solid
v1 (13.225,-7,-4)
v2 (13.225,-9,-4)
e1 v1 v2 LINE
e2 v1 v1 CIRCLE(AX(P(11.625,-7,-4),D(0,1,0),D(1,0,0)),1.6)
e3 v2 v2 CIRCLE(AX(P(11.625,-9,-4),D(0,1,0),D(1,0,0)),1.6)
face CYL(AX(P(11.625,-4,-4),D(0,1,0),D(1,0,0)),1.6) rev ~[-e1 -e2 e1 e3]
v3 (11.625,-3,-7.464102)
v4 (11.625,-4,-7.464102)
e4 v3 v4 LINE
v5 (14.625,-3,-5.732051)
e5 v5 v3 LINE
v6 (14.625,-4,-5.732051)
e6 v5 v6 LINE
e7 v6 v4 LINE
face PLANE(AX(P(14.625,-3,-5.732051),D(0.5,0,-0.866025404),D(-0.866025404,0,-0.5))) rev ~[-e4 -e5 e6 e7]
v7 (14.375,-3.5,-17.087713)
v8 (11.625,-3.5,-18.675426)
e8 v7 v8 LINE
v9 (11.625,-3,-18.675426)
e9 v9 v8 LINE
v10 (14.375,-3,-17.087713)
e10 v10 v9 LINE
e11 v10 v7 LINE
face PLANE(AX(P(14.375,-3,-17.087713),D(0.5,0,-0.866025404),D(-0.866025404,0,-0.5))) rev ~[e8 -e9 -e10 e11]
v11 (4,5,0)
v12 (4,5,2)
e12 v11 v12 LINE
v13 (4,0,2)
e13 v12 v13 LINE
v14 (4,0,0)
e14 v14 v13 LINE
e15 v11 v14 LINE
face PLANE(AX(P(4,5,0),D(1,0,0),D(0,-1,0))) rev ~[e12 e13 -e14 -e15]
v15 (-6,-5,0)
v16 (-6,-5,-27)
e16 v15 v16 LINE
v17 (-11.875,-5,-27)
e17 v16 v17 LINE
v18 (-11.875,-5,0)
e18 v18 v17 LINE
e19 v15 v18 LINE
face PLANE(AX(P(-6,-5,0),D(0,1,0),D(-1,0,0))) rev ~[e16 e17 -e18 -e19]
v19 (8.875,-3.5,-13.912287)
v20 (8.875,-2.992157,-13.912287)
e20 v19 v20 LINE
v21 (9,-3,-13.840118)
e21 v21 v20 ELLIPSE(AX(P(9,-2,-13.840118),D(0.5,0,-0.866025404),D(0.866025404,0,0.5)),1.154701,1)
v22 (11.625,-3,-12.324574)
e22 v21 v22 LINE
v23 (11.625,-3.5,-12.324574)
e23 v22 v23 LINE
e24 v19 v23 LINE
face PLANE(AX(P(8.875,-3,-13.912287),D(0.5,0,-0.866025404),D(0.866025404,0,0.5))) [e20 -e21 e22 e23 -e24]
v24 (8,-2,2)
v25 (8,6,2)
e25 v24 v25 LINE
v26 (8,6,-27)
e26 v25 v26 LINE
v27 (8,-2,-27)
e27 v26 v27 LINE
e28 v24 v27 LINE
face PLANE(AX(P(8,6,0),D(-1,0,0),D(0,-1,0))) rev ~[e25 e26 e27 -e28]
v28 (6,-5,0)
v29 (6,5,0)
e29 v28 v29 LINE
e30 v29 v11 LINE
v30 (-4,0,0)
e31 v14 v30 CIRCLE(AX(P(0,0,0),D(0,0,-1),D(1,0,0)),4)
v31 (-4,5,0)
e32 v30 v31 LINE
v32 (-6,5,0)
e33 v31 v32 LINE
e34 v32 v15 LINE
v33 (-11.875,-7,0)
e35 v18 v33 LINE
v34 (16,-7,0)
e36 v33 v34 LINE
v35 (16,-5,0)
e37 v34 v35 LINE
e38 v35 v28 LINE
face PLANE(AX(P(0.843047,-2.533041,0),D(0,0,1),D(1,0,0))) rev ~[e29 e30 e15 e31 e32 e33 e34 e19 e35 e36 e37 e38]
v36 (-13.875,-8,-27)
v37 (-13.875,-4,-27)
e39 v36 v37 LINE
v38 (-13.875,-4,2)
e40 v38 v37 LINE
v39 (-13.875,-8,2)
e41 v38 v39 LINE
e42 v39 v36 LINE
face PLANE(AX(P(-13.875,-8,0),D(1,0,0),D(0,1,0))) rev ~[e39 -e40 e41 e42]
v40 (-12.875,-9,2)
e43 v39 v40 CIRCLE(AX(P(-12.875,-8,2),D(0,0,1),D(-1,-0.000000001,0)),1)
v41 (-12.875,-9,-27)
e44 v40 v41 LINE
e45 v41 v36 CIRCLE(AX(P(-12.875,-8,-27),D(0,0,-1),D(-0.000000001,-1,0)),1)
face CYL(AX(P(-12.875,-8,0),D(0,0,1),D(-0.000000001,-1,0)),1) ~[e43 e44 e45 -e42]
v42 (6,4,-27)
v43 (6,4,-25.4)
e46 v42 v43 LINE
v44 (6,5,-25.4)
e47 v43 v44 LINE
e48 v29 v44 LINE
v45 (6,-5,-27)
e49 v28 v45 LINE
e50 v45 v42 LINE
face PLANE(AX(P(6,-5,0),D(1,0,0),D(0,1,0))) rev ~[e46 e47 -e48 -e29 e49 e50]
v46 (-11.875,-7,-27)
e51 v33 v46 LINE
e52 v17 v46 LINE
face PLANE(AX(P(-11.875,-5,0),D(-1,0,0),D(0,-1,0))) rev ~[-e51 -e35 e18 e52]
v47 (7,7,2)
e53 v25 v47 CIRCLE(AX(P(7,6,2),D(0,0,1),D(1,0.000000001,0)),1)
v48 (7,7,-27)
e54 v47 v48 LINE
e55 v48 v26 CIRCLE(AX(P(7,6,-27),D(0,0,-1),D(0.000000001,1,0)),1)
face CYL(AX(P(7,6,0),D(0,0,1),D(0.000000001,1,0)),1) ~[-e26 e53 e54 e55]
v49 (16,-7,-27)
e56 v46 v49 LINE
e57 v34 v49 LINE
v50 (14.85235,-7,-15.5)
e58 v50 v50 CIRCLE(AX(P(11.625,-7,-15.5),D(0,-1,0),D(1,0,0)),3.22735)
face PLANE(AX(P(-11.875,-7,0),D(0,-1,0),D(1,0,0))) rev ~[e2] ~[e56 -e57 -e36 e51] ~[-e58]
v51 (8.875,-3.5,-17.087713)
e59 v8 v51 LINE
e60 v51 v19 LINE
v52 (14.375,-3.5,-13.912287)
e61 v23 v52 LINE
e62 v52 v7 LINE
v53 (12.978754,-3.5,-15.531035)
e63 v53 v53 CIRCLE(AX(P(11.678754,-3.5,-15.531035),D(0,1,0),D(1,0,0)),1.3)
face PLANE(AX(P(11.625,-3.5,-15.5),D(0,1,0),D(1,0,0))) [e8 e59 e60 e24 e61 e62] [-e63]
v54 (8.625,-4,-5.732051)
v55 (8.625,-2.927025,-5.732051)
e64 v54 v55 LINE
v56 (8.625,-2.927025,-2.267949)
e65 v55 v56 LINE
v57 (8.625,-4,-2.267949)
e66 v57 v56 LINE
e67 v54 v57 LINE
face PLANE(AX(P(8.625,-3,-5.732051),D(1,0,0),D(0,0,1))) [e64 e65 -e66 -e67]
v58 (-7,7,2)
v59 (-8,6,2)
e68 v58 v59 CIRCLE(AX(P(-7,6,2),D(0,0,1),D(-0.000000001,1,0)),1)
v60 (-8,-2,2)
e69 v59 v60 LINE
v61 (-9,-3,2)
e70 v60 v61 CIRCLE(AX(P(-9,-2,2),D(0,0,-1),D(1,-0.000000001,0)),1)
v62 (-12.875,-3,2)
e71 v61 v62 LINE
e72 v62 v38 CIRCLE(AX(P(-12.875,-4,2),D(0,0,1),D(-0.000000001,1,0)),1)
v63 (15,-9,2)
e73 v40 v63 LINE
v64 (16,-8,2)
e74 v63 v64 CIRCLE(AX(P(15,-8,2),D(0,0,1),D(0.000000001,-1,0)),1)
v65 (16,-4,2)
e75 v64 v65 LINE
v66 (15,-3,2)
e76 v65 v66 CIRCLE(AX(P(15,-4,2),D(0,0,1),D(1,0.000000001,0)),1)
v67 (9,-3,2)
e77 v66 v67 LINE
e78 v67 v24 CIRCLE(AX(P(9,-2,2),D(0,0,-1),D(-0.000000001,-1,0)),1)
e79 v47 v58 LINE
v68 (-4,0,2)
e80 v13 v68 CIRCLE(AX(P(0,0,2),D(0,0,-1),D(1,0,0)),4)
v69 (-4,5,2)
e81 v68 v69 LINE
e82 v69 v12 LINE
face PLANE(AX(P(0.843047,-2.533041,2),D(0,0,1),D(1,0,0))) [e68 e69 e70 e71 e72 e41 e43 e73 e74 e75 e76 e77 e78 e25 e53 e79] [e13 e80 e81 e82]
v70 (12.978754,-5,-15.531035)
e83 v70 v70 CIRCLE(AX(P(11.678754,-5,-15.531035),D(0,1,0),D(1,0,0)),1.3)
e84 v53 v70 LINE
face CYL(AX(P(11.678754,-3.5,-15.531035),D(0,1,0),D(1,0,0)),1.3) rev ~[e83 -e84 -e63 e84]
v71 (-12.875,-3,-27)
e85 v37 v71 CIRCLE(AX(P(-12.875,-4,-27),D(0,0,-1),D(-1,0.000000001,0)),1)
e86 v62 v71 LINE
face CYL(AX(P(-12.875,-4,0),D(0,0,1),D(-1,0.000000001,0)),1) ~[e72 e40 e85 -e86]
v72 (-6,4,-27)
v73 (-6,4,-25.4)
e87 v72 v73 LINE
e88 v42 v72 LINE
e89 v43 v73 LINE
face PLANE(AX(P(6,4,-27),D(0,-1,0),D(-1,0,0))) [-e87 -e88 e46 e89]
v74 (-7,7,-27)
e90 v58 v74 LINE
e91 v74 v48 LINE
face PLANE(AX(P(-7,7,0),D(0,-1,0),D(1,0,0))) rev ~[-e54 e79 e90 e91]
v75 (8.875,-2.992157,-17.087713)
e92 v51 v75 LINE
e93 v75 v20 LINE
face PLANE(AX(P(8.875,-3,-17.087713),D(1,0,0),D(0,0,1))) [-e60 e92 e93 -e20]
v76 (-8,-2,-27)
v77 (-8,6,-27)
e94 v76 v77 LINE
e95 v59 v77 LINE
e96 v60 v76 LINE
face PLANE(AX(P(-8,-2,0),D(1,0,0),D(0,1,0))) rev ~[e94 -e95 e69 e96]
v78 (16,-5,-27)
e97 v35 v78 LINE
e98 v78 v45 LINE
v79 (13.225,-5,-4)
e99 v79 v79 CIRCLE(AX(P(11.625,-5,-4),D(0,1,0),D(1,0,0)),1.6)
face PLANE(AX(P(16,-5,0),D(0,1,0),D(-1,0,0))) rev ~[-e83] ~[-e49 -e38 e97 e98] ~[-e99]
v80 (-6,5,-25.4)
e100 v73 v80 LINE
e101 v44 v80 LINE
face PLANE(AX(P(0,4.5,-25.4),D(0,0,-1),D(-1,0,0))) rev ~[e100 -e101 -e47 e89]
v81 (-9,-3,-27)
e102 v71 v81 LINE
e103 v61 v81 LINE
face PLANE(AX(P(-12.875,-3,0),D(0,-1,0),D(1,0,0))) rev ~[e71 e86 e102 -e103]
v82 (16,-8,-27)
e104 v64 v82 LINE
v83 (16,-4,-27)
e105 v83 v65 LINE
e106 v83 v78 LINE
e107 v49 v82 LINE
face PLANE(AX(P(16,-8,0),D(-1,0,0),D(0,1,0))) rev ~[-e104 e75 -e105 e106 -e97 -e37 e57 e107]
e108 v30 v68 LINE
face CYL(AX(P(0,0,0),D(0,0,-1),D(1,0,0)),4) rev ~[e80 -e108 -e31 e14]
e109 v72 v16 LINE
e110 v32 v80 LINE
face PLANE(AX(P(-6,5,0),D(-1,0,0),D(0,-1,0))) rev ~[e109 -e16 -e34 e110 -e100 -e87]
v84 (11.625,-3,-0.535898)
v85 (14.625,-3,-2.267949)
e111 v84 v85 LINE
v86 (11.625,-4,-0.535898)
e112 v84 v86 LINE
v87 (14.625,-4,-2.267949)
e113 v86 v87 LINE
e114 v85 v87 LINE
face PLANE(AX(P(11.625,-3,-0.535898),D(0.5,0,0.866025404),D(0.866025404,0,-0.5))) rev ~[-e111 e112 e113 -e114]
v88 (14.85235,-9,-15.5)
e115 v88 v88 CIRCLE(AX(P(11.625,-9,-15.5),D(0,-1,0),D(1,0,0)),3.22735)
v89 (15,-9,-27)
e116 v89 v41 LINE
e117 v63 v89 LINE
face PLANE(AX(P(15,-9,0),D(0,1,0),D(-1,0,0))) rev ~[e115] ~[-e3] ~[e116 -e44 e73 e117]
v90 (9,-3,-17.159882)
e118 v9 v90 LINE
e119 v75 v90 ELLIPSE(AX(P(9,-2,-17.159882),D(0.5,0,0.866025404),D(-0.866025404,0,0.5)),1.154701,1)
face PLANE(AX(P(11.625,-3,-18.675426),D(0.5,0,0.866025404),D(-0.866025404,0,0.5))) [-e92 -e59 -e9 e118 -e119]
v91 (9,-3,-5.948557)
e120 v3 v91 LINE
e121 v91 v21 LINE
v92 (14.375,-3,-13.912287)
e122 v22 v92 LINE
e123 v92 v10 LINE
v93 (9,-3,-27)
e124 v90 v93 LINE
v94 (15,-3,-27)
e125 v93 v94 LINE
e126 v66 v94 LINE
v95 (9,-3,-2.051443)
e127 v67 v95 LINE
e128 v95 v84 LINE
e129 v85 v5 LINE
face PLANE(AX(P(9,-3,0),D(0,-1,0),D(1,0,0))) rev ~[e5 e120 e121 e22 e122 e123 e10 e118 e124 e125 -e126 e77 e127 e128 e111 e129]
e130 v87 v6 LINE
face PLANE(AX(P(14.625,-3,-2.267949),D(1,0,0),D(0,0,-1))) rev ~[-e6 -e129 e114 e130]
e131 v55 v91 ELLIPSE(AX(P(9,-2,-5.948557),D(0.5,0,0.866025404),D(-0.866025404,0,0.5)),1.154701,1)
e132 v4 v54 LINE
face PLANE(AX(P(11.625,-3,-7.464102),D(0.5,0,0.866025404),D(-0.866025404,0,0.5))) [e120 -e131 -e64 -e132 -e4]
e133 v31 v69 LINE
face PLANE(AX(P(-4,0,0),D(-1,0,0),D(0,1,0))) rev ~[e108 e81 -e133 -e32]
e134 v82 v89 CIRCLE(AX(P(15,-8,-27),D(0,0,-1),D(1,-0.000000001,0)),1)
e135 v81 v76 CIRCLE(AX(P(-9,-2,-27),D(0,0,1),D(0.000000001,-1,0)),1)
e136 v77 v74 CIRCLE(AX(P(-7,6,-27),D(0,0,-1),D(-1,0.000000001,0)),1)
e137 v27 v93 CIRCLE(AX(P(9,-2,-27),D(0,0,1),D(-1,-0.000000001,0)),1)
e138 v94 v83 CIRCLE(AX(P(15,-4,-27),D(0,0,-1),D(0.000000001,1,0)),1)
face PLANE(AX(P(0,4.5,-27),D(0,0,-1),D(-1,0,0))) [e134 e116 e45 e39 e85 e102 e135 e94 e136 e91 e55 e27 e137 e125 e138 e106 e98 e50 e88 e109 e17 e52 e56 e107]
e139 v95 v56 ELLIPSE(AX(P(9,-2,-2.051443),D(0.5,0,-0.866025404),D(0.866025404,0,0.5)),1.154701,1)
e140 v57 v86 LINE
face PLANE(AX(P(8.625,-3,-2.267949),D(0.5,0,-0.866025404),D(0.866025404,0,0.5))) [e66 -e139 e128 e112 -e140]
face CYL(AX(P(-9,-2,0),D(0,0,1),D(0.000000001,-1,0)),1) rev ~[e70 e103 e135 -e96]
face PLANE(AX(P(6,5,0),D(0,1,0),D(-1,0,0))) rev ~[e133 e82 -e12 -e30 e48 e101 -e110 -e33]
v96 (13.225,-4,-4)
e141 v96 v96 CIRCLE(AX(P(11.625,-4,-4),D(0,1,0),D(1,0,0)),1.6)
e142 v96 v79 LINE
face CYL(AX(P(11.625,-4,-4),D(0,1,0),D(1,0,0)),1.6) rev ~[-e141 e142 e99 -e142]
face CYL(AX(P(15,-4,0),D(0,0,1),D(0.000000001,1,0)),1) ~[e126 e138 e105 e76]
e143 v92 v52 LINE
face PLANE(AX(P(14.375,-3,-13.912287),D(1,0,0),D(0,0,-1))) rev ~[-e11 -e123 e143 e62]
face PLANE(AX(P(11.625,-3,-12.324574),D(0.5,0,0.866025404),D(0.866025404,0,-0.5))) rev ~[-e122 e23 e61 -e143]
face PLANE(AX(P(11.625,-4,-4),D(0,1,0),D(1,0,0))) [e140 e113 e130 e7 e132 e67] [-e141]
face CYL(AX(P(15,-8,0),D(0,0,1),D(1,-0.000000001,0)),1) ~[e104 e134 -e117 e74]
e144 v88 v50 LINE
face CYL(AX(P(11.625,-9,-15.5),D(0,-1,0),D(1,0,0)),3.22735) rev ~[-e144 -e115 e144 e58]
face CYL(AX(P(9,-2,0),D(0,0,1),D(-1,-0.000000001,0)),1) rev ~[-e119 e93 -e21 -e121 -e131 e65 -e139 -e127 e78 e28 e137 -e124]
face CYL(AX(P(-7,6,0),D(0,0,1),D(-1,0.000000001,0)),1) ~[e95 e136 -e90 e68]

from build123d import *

# Parameters (mm, degrees)
EXTRUDE_1_DEPTH          = 2
EXTRUDE_2_DEPTH          = 27
SKETCH_4_R               = 3.227350269
CUT_EXTRUDE_1_DEPTH      = 2
CUT_EXTRUDE_2_DEPTH      = 11
CUT_EXTRUDE_2_DEPTH_BACK = 0.5
CUT_EXTRUDE_3_DEPTH      = 11
CUT_EXTRUDE_3_DEPTH_BACK = 1
SKETCH_8_W               = 12
SKETCH_8_H               = 1
EXTRUDE_3_DEPTH          = 1.6
SKETCH_10_R              = 1.6
CUT_EXTRUDE_4_DEPTH      = 6
SKETCH_11_R              = 1.3
CUT_EXTRUDE_5_DEPTH      = 6.5


with BuildPart() as part:
    # 草图1 → 凸台-拉伸1 (new body)
    with BuildSketch(Plane.XY):
        with BuildLine():
            Line((-9, -3), (-12.875, -3))
            ThreePointArc((-12.875, -3), (-13.582106781, -3.292893219), (-13.875, -4))
            Line((-13.875, -4), (-13.875, -8))
            ThreePointArc((-13.875, -8), (-13.582106781, -8.707106781), (-12.875, -9))
            Line((-12.875, -9), (15, -9))
            ThreePointArc((15, -9), (15.707106781, -8.707106781), (16, -8))
            Line((16, -8), (16, -4))
            ThreePointArc((16, -4), (15.707106781, -3.292893219), (15, -3))
            Line((15, -3), (9, -3))
            ThreePointArc((9, -3), (8.292893219, -2.707106781), (8, -2))
            Line((8, -2), (8, 6))
            ThreePointArc((8, 6), (7.707106781, 6.707106781), (7, 7))
            Line((7, 7), (-7, 7))
            ThreePointArc((-7, 7), (-7.707106781, 6.707106781), (-8, 6))
            Line((-8, 6), (-8, -2))
            ThreePointArc((-8, -2), (-8.292893219, -2.707106781), (-9, -3))
        make_face()
        with BuildLine():
            Line((-4, 5), (4, 5))
            Line((4, 5), (4, 0))
            ThreePointArc((4, 0), (0, -4), (-4, 0))
            Line((-4, 0), (-4, 5))
        make_face(mode=Mode.SUBTRACT)
    extrude(amount=EXTRUDE_1_DEPTH)

    # 草图2 → 凸台-拉伸2 (add)
    with BuildSketch(Plane(origin=(0, 0, 0), x_dir=(-1, 0, 0), z_dir=(0, 0, -1))):
        with BuildLine():
            Line((-6, 4.5), (-6, 5))
            Line((-6, 5), (-5.5, 5))
            Line((-5.5, 5), (5.5, 5))
            Line((5.5, 5), (6, 5))
            Line((6, 5), (6, 4.5))
            Line((6, 4.5), (6, -4.5))
            Line((6, -4.5), (6, -5))
            Line((6, -5), (11.875, -5))
            Line((11.875, -5), (11.875, -7))
            Line((11.875, -7), (-16, -7))
            Line((-16, -7), (-16, -8))
            ThreePointArc((-16, -8), (-15.707106781, -8.707106781), (-15, -9))
            Line((-15, -9), (12.875, -9))
            ThreePointArc((12.875, -9), (13.582106781, -8.707106781), (13.875, -8))
            Line((13.875, -8), (13.875, -4))
            ThreePointArc((13.875, -4), (13.582106781, -3.292893219), (12.875, -3))
            Line((12.875, -3), (9, -3))
            ThreePointArc((9, -3), (8.292893219, -2.707106781), (8, -2))
            Line((8, -2), (8, 6))
            ThreePointArc((8, 6), (7.707106781, 6.707106781), (7, 7))
            Line((7, 7), (-7, 7))
            ThreePointArc((-7, 7), (-7.707106781, 6.707106781), (-8, 6))
            Line((-8, 6), (-8, -2))
            ThreePointArc((-8, -2), (-8.292893219, -2.707106781), (-9, -3))
            Line((-9, -3), (-15, -3))
            ThreePointArc((-15, -3), (-15.707106781, -3.292893219), (-16, -4))
            Line((-16, -4), (-16, -5))
            Line((-16, -5), (-6, -5))
            Line((-6, -5), (-6, -4.5))
            Line((-6, -4.5), (-6, 4.5))
        make_face()
    extrude(amount=EXTRUDE_2_DEPTH)

    # 草图4 → 切除-拉伸1 (cut)
    with BuildSketch(Plane.XZ.offset(9)):
        with Locations((11.625, -15.5)):
            Circle(SKETCH_4_R)
    extrude(amount=-CUT_EXTRUDE_1_DEPTH, mode=Mode.SUBTRACT)

    # 草图5 → 切除-拉伸2 (cut, two sides)
    with BuildSketch(Plane(origin=(0, -3, 0), x_dir=(1, 0, 0), z_dir=(0, 1, 0))) as cut_extrude_2_sk:
        Polygon((11.625, 18.675426481), (8.875, 17.08771324), (8.875, 13.91228676), (11.625, 12.324573519), (14.375, 13.91228676), (14.375, 17.08771324), align=None)
    extrude(amount=CUT_EXTRUDE_2_DEPTH, mode=Mode.SUBTRACT)
    extrude(cut_extrude_2_sk.sketch, amount=-CUT_EXTRUDE_2_DEPTH_BACK, mode=Mode.SUBTRACT)

    # 草图6 → 切除-拉伸3 (cut, two sides)
    with BuildSketch(Plane(origin=(0, -3, 0), x_dir=(1, 0, 0), z_dir=(0, 1, 0))) as cut_extrude_3_sk:
        Polygon((14.625, 2.267949192), (14.625, 5.732050808), (11.625, 7.464101615), (8.625, 5.732050808), (8.625, 2.267949192), (11.625, 0.535898385), align=None)
    extrude(amount=CUT_EXTRUDE_3_DEPTH, mode=Mode.SUBTRACT)
    extrude(cut_extrude_3_sk.sketch, amount=-CUT_EXTRUDE_3_DEPTH_BACK, mode=Mode.SUBTRACT)

    # 草图8 → 凸台-拉伸3 (add)
    with BuildSketch(Plane(origin=(0, 0, -27), x_dir=(-1, 0, 0), z_dir=(0, 0, -1))):
        with Locations((0, 4.5)):
            Rectangle(SKETCH_8_W, SKETCH_8_H)
    extrude(amount=-EXTRUDE_3_DEPTH)

    # 草图10 → 切除-拉伸4 (cut, through all)
    with BuildSketch(Plane(origin=(0, -4, 0), x_dir=(1, 0, 0), z_dir=(0, 1, 0))):
        with Locations((11.625, 4)):
            Circle(SKETCH_10_R)
    extrude(amount=-CUT_EXTRUDE_4_DEPTH, mode=Mode.SUBTRACT)

    # 草图11 → 切除-拉伸5 (cut, through all)
    with BuildSketch(Plane(origin=(0, -3.5, 0), x_dir=(1, 0, 0), z_dir=(0, 1, 0))):
        with Locations((11.678753785, 15.531034762)):
            Circle(SKETCH_11_R)
    extrude(amount=-CUT_EXTRUDE_5_DEPTH, mode=Mode.SUBTRACT)


solid = part.part
